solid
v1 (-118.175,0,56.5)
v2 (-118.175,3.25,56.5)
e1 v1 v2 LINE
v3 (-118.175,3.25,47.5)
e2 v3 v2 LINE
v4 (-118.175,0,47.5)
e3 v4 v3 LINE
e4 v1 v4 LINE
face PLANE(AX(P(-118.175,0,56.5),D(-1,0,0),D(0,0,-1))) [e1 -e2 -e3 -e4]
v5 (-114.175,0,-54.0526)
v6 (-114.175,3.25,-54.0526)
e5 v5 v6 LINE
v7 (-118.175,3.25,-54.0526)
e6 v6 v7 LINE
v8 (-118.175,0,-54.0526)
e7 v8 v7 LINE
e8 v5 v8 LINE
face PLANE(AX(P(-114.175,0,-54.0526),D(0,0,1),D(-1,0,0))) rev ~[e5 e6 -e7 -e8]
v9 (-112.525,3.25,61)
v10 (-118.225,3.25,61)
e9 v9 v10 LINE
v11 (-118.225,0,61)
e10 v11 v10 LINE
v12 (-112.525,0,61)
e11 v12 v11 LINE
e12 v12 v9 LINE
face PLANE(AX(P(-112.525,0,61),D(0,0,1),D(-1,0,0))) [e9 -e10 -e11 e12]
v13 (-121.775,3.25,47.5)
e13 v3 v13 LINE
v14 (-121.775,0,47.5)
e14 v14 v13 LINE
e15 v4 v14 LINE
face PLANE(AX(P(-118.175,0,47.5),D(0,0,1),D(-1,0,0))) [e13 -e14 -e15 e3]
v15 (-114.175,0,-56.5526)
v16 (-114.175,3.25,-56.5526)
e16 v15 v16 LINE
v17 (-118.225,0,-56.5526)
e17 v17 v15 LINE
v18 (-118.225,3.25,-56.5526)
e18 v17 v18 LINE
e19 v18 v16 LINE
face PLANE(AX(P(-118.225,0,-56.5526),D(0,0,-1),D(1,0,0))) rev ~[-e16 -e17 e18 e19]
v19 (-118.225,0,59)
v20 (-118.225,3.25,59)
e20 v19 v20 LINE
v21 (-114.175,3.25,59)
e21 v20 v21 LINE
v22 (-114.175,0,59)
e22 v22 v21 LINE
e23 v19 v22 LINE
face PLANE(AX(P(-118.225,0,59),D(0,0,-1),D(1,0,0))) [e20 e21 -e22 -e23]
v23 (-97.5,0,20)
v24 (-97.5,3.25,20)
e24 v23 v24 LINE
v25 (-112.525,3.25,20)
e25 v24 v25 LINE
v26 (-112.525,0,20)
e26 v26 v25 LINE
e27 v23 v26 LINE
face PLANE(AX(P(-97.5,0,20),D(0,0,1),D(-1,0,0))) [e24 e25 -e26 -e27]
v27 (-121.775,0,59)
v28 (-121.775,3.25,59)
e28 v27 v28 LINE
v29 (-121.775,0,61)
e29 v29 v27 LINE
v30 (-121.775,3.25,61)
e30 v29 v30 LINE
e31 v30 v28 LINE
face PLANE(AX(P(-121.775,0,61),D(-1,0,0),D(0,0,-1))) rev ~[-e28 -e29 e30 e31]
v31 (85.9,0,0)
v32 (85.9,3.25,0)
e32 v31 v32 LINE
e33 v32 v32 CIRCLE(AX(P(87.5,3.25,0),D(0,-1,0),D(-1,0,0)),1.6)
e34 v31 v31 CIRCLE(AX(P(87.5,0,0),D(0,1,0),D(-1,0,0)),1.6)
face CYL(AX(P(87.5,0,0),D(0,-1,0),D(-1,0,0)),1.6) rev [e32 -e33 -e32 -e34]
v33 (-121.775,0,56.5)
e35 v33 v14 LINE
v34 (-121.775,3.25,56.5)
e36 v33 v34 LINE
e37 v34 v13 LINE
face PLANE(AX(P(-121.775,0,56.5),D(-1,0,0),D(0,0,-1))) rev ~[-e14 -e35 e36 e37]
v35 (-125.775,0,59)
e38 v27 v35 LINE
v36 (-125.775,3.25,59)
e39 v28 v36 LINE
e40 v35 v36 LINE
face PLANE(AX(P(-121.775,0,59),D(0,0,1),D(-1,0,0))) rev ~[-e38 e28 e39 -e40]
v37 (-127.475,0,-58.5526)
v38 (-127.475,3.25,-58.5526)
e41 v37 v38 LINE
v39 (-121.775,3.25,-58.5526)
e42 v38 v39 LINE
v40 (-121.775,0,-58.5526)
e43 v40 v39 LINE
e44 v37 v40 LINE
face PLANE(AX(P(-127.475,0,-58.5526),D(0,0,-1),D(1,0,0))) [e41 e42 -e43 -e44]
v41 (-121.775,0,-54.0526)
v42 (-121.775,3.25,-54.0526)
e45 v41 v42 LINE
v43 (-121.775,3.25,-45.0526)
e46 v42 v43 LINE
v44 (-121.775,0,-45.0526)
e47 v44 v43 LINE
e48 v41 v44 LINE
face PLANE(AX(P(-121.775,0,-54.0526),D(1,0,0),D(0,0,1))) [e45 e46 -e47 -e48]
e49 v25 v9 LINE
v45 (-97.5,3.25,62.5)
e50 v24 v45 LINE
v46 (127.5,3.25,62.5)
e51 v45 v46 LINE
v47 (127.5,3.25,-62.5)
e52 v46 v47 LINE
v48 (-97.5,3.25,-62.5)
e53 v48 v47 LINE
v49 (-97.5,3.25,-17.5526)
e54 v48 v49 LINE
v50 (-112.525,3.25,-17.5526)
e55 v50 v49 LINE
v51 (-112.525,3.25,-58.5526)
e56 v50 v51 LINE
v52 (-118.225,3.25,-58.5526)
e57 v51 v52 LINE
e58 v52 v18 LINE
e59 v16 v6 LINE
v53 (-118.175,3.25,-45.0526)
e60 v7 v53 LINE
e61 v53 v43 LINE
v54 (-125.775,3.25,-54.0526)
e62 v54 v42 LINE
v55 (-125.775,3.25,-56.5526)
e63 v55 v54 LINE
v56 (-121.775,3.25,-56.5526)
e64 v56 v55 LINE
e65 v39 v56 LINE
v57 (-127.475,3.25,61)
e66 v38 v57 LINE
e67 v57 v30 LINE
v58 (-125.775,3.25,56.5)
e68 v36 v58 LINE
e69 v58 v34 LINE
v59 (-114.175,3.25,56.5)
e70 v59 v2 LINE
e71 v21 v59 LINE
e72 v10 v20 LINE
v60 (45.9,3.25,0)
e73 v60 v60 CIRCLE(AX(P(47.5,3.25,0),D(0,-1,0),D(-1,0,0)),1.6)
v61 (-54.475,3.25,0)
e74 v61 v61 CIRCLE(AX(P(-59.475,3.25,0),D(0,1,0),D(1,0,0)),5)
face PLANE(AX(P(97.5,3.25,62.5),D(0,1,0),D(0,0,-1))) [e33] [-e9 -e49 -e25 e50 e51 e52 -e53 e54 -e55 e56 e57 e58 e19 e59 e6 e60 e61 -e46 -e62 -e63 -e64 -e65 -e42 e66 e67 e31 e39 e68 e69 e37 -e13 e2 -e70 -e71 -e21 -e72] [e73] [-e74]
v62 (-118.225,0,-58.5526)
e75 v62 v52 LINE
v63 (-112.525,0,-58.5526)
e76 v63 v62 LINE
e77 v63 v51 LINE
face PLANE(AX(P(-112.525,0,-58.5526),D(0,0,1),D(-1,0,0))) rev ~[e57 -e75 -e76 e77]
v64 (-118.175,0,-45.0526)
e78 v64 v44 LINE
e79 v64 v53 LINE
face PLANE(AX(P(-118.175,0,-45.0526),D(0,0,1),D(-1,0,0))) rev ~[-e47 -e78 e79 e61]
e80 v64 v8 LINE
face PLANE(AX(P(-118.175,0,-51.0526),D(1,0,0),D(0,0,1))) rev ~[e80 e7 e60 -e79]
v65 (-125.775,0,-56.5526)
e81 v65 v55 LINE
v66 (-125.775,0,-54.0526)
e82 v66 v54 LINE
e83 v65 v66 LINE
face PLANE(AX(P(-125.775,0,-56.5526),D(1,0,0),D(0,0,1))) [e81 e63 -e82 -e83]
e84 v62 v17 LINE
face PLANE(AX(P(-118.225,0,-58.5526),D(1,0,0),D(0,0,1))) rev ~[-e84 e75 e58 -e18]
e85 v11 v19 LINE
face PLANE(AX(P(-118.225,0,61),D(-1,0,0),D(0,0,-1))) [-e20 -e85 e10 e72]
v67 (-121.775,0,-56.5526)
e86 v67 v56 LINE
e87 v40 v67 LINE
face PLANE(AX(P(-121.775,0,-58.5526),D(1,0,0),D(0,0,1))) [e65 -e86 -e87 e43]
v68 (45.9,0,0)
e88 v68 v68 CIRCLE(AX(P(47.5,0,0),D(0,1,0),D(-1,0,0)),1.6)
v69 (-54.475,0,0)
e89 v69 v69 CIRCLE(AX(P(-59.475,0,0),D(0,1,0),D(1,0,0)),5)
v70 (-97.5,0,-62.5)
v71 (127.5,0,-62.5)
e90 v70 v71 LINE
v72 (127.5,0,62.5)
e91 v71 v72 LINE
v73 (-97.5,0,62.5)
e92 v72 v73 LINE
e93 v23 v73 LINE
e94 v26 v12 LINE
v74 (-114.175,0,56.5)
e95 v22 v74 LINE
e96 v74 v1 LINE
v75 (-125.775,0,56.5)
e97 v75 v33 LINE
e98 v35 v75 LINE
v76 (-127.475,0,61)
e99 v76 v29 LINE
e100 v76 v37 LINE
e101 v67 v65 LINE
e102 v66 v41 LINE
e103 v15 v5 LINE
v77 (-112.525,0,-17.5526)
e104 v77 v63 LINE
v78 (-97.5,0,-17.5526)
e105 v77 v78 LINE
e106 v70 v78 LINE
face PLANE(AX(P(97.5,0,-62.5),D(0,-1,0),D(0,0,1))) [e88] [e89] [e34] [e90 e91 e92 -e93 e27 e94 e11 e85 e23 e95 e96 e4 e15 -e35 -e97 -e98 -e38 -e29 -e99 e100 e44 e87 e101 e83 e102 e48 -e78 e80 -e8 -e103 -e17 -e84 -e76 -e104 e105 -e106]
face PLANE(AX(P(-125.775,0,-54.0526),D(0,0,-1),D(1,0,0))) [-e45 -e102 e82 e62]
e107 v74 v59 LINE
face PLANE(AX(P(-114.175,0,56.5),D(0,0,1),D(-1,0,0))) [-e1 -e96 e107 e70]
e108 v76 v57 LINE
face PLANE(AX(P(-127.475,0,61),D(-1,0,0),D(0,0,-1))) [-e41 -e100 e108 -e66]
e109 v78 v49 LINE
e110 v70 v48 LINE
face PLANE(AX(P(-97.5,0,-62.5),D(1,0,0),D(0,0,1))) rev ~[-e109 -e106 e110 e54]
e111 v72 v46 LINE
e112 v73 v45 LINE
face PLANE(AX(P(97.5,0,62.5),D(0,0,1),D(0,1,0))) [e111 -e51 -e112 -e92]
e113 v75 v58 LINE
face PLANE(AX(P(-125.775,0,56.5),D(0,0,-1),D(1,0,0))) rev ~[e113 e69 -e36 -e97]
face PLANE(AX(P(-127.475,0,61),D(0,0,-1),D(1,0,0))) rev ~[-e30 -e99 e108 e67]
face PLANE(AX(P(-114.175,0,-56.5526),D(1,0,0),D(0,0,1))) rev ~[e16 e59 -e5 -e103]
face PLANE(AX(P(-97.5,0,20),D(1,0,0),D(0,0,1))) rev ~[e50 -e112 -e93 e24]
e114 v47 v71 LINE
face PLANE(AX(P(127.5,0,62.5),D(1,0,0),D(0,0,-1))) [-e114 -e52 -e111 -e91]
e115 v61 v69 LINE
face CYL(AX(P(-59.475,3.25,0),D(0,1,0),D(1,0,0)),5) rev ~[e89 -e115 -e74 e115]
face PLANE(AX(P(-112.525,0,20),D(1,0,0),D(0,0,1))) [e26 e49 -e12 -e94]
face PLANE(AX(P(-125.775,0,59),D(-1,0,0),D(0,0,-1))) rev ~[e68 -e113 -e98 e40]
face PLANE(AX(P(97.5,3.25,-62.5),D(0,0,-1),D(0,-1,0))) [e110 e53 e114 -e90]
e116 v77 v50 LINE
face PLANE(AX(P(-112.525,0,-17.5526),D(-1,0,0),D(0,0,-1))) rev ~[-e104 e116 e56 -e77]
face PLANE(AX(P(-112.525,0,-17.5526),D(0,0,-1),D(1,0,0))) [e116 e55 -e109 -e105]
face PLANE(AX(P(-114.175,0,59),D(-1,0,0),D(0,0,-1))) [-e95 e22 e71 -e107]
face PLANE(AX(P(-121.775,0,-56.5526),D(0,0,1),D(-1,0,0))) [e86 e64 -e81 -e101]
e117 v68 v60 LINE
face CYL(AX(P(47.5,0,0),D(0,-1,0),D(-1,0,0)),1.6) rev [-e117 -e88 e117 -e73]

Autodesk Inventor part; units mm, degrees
ref_plane "YZ Plane" through (0, 0, 0) normal (1, 0, 0) x (0, 1, 0)
ref_plane "XZ Plane" through (0, 0, 0) normal (0, 1, 0) x (-1, 0, 0)
ref_plane "XY Plane" through (0, 0, 0) normal (0, 0, 1) x (1, 0, 0)
sketch "Sketch1" plane through (0, 0, 0) normal (0, 1, 0) x (-1, 0, 0)
  line L0 (-97.5, -62.5) -> (97.5, -62.5)
  line L1 (97.5, 62.5) -> (-97.5, 62.5)
  line L2 (-97.5, 62.5) -> (-97.5, -62.5)
  line L3 (-97.5, -62.5) -> (97.5, 62.5) construction
  line L4 (97.5, -62.5) -> (-97.5, 62.5) construction
  line L5 (97.5, 20) -> (112.525, 20)
  line L6 (127.475, 21.2237) -> (127.475, -18.7763)
  line L7 (112.525, -17.5526) -> (97.5, -17.5526)
  line L8 (97.5, -62.5) -> (97.5, -17.5526)
  line L9 (97.5, 20) -> (97.5, 62.5)
  line L10 (112.525, 20) -> (112.525, 61)
  line L11 (127.475, 61) -> (127.475, 21.2237)
  line L12 (127.475, 1.2237) -> (97.475, 1.2237) construction
  line L13 (112.525, -17.5526) -> (112.525, -58.5526)
  line L14 (127.475, -58.5526) -> (127.475, -18.7763)
  line L15 (119.975, 61) -> (121.775, 61) construction
  line L16 (121.775, 61) -> (121.775, 59)
  line L17 (118.225, 61) -> (118.225, 59)
  line L18 (121.775, 59) -> (125.775, 59)
  line L19 (125.775, 59) -> (125.775, 56.5)
  line L20 (125.775, 56.5) -> (121.775, 56.5)
  line L21 (121.775, 61) -> (121.775, 53) construction
  line L22 (119.975, 61) -> (119.975, 52.3078) construction
  line L23 (118.225, 59) -> (114.175, 59)
  line L24 (114.175, 59) -> (114.175, 56.5)
  line L25 (114.175, 56.5) -> (118.175, 56.5)
  line L26 (118.175, 56.5) -> (118.175, 53.5)
  line L27 (112.525, 61) -> (118.225, 61)
  line L28 (127.475, 61) -> (121.775, 61)
  line L29 (119.975, -58.5526) -> (121.775, -58.5526) construction
  line L30 (112.525, -58.5526) -> (118.225, -58.5526)
  line L31 (127.475, -58.5526) -> (121.775, -58.5526)
  line L32 (121.775, 56.5) -> (121.775, 47.5)
  line L33 (118.175, 53.5) -> (118.175, 47.5)
  line L34 (118.175, 47.5) -> (121.775, 47.5)
  line L35 (119.975, -58.5526) -> (121.775, -58.5526) construction
  line L36 (121.775, -58.5526) -> (121.775, -56.5526)
  line L37 (118.225, -58.5526) -> (118.225, -56.5526)
  line L38 (121.775, -56.5526) -> (125.775, -56.5526)
  line L39 (125.775, -56.5526) -> (125.775, -54.0526)
  line L40 (125.775, -54.0526) -> (121.775, -54.0526)
  line L41 (121.775, -58.5526) -> (121.775, -50.5526) construction
  line L42 (119.975, -58.5526) -> (119.975, -49.8604) construction
  line L43 (114.175, -54.0526) -> (118.175, -54.0526)
  line L44 (114.175, -56.5526) -> (114.175, -54.0526)
  line L45 (118.225, -56.5526) -> (114.175, -56.5526)
  line L46 (118.175, -54.0526) -> (118.175, -51.0526)
  line L47 (112.525, -58.5526) -> (118.225, -58.5526)
  line L48 (127.475, -58.5526) -> (121.775, -58.5526)
  line L49 (121.775, -54.0526) -> (121.775, -45.0526)
  line L50 (118.175, -51.0526) -> (118.175, -45.0526)
  line L51 (118.175, -45.0526) -> (121.775, -45.0526)
  line L52 (127.475, 61) -> (127.475, 79) construction
  line L53 (-97.5, 0) -> (-67.5, 0) construction
  line L54 (-67.5, 62.5) -> (-67.5, -62.5) construction
  line L55 (127.475, 79) -> (-67.5, 0) construction
  line L56 (127.475, -58.5526) -> (127.475, -76.5526) construction
  line L57 (127.475, -76.5526) -> (-67.5, 0) construction
  line L58 (-97.5, 62.5) -> (-117.5, 62.5)
  line L59 (-117.5, 62.5) -> (-117.5, -62.5)
  line L60 (-117.5, -62.5) -> (-97.5, -62.5)
  line L61 (-97.5, -62.5) -> (-97.5, 62.5)
  line L62 (-67.5, 0) -> (-47.5, 0) construction
  circle A0 centre (-47.5, 0) radius 1.6
  line L63 (-67.5, 0) -> (-87.5, 0) construction
  circle A1 centre (-87.5, 0) radius 1.6
  point P0 (0, 0)
  point P1 (121.775, 53.5)
  point P2 (121.775, -51.0526)
  point P3 (-97.5, -62.5)
  dimension "d0" = 195
  dimension "d1" = 125
  dimension "d3" = 30
  dimension "d4" = 40
  dimension "d5" = 15
  dimension "d6" = 41
  dimension "d11" = 7.5
  dimension "d12" = 1.8
  dimension "d13" = 1.75
  dimension "d14" = 2
  dimension "d15" = 2
  dimension "d17" = 2.5
  dimension "d18" = 8
  dimension "d19" = 3
  dimension "d21" = 30
  dimension "d22" = 8.6922
  dimension "d23" = 1.5
  dimension "d25" = 4
  dimension "d26" = 13.25
  dimension "d27" = 9
  dimension "d28" = 18
  dimension "d29" = 30
  dimension "d30" = 18
  dimension "d35" = 20
  dimension "d36" = 125
  dimension "d41" = 20
  dimension "d42" = 3.2
  dimension "d43" = 20
  dimension "d47" = 3.2
extrude "Extrusion1" add sketch "Sketch1" along normal blind 3.25 contours L2 L1 L9 L5 L10 L27 L17 L23 L24 L25 L26 L33 L34 L32 L20 L19 L18 L16 L28 L11 L6 L14 L31 L36 L38 L39 L40 L49 L51 L50 L46 L43 L44 L45 L37 L30 L13 L7 L8 L0 | A0 | A1
sketch "Sketch2" plane through (0, 3.25, 0) normal (0, 1, 0) x (1, 0, 0)
  line L0 (-127.475, 58.5526) -> (-127.475, -61) construction
  line L1 (-127.475, 0) -> (-59.475, 0) construction
  circle A0 centre (-59.475, 0) radius 5
  point P0 (0, 0)
  dimension "d31" = 68
  dimension "d32" = 10
extrude "Extrusion2" cut sketch "Sketch2" against normal blind 10
sketch "Sketch3" plane through (97.5, 0, 62.5) normal (1, 0, 0) x (0, 0, -1)
  line L0 (125, 0) -> (80.0526, 0) projected
  line L1 (0, 3.25) -> (125, 3.25)
  line L2 (125, 3.25) -> (125, 0)
  line L3 (125, 0) -> (0, 0)
  line L4 (0, 0) -> (0, 3.25)
  point P0 (62.5, 0)
extrude "Extrusion4" add sketch "Sketch3" along normal blind 30
extrude "Extrusion5" cut sketch "Sketch1" along normal blind 4 contours A0 | A1
properties part number "suelo_imp"
